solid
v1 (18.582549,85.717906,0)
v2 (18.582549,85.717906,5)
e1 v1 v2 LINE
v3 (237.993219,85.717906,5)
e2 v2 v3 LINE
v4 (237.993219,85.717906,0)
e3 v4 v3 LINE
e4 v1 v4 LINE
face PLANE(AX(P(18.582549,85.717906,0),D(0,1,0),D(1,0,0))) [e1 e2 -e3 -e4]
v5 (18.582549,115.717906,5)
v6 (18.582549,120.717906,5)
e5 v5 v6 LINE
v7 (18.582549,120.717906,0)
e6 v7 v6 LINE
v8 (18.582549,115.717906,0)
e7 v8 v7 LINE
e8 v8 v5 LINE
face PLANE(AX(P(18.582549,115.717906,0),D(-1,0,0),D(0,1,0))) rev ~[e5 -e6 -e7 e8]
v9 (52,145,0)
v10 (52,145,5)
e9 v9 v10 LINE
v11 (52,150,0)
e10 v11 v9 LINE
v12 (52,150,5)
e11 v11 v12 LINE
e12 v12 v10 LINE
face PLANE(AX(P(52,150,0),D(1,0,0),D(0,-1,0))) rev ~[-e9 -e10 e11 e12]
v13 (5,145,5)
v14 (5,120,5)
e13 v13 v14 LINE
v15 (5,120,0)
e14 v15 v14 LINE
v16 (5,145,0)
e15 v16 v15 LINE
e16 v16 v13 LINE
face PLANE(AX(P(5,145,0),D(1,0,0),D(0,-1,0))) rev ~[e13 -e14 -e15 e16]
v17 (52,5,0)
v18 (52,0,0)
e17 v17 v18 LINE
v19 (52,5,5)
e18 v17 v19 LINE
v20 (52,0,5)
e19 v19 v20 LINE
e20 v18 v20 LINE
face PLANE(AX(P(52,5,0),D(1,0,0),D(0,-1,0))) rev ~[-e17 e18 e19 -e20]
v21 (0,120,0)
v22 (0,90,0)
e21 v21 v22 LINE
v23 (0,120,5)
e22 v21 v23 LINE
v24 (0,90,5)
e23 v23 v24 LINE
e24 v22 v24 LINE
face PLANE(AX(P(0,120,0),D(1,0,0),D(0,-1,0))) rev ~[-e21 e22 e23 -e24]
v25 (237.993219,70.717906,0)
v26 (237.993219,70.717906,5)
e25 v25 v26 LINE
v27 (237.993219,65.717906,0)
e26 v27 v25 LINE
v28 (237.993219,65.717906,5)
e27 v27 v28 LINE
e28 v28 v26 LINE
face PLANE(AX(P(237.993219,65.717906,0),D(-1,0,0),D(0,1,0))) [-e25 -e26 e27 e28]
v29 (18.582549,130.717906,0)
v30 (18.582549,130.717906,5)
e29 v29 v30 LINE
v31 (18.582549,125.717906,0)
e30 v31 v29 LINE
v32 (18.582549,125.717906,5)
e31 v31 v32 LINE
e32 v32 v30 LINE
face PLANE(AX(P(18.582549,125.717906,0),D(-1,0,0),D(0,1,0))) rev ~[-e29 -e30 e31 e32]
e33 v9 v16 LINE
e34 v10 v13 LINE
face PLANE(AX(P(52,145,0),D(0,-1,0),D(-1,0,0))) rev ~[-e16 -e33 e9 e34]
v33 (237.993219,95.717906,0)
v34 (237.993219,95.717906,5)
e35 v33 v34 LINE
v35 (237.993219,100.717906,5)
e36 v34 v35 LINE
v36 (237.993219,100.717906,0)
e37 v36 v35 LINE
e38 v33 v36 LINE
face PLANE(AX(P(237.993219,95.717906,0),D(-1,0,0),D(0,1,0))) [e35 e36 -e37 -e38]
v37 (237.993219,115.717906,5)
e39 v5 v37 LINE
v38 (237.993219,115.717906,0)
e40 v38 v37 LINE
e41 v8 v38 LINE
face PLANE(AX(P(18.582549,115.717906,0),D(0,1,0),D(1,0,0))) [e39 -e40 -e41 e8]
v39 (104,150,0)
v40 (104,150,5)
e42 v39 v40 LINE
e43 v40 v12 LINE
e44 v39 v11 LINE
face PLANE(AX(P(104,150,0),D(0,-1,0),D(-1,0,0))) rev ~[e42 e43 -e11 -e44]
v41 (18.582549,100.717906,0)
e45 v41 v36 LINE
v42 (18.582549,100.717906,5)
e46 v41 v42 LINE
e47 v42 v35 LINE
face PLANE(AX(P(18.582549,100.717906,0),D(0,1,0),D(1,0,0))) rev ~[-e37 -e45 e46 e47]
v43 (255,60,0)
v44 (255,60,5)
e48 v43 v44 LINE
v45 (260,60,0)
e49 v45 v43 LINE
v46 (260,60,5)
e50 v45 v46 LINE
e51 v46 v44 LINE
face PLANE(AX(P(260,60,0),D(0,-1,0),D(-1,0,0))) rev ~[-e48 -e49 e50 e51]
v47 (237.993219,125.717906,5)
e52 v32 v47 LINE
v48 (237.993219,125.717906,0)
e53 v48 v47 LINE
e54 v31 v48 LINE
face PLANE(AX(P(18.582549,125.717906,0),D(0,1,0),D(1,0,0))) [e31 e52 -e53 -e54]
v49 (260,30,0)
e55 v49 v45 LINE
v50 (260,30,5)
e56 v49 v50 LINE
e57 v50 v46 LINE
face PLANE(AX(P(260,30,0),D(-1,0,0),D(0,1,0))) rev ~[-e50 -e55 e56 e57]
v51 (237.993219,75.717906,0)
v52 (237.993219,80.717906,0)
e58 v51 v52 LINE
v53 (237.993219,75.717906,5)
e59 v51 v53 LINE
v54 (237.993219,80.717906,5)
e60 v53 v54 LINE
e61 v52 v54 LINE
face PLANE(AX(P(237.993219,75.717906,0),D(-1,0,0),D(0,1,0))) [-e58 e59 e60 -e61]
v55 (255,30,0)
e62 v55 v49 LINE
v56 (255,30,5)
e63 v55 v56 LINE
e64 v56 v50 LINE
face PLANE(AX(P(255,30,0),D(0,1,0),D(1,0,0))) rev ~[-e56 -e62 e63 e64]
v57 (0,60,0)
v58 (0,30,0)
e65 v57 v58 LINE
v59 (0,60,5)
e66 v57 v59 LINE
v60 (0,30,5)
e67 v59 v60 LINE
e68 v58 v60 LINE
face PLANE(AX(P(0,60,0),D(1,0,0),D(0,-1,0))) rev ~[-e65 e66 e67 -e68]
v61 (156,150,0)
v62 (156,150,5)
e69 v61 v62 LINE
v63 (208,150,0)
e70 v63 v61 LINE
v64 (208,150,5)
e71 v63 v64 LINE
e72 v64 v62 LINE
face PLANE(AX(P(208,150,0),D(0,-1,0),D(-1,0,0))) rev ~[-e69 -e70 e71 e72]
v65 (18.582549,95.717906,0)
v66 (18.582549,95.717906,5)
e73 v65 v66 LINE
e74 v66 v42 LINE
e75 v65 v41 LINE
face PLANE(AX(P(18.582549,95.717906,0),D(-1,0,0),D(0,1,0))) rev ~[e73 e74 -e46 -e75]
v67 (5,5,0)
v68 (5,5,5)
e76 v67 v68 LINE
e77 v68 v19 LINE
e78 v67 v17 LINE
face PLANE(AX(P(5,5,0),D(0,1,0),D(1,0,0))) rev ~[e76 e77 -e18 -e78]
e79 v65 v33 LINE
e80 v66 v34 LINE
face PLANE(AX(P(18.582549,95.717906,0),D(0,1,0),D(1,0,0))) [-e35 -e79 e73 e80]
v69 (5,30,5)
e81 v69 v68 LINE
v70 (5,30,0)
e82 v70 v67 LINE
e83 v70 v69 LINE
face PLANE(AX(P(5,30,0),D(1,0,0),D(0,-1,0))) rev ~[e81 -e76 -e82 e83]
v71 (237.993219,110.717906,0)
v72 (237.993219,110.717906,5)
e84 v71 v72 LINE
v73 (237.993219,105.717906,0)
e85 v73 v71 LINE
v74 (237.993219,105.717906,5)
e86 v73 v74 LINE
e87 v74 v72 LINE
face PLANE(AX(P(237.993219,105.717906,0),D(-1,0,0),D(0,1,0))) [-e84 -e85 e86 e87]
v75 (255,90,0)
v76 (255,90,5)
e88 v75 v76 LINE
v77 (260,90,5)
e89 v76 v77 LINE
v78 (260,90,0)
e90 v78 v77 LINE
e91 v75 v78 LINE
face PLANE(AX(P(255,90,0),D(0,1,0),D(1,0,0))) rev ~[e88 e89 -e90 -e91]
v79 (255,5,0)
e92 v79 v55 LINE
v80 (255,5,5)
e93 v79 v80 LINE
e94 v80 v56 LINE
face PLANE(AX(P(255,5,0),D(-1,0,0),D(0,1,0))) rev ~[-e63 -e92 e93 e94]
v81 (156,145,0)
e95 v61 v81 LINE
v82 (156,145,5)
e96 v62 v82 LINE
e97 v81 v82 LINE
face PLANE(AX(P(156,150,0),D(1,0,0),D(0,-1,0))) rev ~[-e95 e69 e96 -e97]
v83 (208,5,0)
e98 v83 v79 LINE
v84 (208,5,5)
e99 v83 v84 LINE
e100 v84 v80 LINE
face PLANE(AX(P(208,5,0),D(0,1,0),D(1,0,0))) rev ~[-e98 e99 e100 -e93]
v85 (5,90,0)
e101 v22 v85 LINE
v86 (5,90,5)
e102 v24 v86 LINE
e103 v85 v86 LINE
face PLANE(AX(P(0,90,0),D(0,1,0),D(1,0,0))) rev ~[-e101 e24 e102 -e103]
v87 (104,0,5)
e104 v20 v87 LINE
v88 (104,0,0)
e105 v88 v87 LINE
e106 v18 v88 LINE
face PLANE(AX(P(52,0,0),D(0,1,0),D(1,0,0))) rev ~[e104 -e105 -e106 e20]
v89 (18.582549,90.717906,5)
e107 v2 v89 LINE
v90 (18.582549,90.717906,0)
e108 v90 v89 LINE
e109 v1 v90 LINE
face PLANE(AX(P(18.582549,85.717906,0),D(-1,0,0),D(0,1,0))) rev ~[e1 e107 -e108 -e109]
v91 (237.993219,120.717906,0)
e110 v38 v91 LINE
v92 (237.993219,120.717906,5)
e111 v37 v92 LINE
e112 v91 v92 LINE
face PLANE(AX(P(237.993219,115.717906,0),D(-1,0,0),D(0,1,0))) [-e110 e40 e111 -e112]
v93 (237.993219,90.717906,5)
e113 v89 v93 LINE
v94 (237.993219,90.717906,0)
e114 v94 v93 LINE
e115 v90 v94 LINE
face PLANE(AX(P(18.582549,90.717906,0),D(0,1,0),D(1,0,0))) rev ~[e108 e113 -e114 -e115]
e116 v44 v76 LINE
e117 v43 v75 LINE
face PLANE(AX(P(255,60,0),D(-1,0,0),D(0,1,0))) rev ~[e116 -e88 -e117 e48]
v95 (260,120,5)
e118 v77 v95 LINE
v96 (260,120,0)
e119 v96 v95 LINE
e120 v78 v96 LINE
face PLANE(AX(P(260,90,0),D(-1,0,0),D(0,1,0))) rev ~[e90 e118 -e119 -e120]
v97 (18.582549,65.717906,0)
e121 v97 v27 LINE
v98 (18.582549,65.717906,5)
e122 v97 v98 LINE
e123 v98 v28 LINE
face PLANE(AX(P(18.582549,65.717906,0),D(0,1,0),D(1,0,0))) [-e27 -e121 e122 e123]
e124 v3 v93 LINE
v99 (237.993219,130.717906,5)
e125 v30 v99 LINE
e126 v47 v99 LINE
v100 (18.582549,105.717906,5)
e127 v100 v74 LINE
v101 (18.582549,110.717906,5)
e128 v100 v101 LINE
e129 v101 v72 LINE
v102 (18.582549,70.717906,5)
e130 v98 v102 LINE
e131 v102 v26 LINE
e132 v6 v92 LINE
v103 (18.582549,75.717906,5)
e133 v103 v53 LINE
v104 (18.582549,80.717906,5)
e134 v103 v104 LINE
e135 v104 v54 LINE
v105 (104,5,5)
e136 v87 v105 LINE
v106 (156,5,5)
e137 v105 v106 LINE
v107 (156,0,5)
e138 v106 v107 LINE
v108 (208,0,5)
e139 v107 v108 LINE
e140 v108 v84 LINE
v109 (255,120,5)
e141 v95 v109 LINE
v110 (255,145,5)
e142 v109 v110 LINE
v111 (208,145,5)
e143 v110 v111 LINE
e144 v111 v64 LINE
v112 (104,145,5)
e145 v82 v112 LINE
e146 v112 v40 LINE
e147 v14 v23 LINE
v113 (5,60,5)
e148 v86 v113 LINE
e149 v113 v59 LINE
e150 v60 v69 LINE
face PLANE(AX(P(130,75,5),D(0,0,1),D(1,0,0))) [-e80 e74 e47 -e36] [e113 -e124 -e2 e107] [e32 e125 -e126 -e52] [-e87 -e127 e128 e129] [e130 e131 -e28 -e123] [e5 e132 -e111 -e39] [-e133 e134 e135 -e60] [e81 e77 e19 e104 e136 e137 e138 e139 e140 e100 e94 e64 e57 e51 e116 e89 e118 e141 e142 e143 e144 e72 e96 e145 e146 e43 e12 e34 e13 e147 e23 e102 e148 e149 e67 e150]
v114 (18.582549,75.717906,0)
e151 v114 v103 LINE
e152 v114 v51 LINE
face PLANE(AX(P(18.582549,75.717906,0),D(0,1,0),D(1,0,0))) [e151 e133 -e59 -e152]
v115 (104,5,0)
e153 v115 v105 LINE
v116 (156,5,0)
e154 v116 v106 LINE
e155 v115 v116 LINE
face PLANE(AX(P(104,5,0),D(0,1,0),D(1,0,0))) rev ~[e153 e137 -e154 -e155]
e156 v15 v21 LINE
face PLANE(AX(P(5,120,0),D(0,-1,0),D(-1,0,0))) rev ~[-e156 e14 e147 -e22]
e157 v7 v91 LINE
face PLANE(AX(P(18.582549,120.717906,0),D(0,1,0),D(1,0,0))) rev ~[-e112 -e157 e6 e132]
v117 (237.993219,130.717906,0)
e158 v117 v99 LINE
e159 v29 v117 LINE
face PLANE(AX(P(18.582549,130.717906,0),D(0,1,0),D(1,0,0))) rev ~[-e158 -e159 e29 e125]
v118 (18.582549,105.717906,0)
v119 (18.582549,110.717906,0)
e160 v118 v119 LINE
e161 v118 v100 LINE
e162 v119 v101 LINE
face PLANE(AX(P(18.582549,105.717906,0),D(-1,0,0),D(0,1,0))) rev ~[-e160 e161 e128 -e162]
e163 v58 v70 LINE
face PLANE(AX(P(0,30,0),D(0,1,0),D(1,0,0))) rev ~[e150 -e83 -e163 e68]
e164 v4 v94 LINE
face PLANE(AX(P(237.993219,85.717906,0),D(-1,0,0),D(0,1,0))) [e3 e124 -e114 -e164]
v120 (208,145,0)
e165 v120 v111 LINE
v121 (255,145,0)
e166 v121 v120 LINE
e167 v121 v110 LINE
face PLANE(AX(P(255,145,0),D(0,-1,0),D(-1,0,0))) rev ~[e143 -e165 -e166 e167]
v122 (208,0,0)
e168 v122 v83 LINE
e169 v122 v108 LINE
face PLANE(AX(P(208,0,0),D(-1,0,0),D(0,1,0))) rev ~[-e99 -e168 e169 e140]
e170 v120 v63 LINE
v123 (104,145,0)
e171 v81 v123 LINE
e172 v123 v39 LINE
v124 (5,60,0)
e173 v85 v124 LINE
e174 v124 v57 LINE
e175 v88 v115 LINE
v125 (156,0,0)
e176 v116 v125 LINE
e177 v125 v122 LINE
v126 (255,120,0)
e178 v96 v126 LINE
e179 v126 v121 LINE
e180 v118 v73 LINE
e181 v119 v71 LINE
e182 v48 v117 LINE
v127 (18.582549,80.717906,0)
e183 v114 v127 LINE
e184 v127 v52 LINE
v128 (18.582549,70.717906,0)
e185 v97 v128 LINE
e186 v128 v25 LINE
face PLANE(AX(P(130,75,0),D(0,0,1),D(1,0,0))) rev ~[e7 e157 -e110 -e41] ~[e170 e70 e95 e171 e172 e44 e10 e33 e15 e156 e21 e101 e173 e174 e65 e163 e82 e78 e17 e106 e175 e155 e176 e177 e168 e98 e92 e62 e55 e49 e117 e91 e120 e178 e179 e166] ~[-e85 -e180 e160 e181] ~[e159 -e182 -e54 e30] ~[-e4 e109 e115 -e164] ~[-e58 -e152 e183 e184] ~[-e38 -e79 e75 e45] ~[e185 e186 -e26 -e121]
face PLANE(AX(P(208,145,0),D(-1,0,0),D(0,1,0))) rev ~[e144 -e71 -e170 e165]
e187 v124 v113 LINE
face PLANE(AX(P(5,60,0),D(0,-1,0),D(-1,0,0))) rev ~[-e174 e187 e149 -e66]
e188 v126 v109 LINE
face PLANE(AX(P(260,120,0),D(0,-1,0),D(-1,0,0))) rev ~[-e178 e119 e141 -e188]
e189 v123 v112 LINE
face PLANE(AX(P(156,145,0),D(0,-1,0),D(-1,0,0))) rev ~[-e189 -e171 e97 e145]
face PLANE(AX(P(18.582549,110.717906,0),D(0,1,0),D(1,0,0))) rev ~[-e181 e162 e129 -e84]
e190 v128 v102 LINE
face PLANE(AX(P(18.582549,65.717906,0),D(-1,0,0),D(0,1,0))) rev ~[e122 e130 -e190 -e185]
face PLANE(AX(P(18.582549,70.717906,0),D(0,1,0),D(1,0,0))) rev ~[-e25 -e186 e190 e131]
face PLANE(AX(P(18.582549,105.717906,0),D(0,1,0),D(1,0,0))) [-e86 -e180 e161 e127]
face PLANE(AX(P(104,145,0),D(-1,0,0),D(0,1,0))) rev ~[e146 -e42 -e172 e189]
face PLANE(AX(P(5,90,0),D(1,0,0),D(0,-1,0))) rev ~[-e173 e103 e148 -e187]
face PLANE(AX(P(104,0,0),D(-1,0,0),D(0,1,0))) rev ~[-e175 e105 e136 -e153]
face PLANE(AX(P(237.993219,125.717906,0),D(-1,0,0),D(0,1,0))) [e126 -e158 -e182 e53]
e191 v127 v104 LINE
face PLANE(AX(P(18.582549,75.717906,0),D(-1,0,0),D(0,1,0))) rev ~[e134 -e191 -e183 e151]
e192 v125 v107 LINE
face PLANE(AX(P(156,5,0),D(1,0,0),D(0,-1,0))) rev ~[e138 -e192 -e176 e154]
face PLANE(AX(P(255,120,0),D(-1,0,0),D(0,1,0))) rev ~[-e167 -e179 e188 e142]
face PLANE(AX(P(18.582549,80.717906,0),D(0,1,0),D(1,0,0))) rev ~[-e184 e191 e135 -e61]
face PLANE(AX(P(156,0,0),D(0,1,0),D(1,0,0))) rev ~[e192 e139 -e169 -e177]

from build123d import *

# Parameters (mm, degrees)
CROQUIS1_W              = 219.410669775
CROQUIS1_H              = 5
SALIENTE_EXTRUIR1_DEPTH = 5


with BuildPart() as part:
    # Croquis1 → Saliente-Extruir1 (new body)
    with BuildSketch(Plane.XY):
        Polygon((52, 0), (104, 0), (104, 5), (156, 5), (156, 0), (208, 0), (208, 5), (255, 5), (255, 30), (260, 30), (260, 60), (255, 60), (255, 90), (260, 90), (260, 120), (255, 120), (255, 145), (208, 145), (208, 150), (156, 150), (156, 145), (104, 145), (104, 150), (52, 150), (52, 145), (5, 145), (5, 120), (0, 120), (0, 90), (5, 90), (5, 60), (0, 60), (0, 30), (5, 30), (5, 5), (52, 5), align=None)
        with Locations((128.287883766, 128.217905572)):
            Rectangle(CROQUIS1_W, CROQUIS1_H, mode=Mode.SUBTRACT)
        with Locations((128.287883766, 118.217905572)):
            Rectangle(CROQUIS1_W, CROQUIS1_H, mode=Mode.SUBTRACT)
        with Locations((128.287883766, 108.217905572)):
            Rectangle(CROQUIS1_W, CROQUIS1_H, mode=Mode.SUBTRACT)
        with Locations((128.287883766, 98.217905572)):
            Rectangle(CROQUIS1_W, CROQUIS1_H, mode=Mode.SUBTRACT)
        with Locations((128.287883766, 88.217905572)):
            Rectangle(CROQUIS1_W, CROQUIS1_H, mode=Mode.SUBTRACT)
        with Locations((128.287883766, 78.217905572)):
            Rectangle(CROQUIS1_W, CROQUIS1_H, mode=Mode.SUBTRACT)
        with Locations((128.287883766, 68.217905572)):
            Rectangle(CROQUIS1_W, CROQUIS1_H, mode=Mode.SUBTRACT)
    extrude(amount=SALIENTE_EXTRUIR1_DEPTH)


solid = part.part
